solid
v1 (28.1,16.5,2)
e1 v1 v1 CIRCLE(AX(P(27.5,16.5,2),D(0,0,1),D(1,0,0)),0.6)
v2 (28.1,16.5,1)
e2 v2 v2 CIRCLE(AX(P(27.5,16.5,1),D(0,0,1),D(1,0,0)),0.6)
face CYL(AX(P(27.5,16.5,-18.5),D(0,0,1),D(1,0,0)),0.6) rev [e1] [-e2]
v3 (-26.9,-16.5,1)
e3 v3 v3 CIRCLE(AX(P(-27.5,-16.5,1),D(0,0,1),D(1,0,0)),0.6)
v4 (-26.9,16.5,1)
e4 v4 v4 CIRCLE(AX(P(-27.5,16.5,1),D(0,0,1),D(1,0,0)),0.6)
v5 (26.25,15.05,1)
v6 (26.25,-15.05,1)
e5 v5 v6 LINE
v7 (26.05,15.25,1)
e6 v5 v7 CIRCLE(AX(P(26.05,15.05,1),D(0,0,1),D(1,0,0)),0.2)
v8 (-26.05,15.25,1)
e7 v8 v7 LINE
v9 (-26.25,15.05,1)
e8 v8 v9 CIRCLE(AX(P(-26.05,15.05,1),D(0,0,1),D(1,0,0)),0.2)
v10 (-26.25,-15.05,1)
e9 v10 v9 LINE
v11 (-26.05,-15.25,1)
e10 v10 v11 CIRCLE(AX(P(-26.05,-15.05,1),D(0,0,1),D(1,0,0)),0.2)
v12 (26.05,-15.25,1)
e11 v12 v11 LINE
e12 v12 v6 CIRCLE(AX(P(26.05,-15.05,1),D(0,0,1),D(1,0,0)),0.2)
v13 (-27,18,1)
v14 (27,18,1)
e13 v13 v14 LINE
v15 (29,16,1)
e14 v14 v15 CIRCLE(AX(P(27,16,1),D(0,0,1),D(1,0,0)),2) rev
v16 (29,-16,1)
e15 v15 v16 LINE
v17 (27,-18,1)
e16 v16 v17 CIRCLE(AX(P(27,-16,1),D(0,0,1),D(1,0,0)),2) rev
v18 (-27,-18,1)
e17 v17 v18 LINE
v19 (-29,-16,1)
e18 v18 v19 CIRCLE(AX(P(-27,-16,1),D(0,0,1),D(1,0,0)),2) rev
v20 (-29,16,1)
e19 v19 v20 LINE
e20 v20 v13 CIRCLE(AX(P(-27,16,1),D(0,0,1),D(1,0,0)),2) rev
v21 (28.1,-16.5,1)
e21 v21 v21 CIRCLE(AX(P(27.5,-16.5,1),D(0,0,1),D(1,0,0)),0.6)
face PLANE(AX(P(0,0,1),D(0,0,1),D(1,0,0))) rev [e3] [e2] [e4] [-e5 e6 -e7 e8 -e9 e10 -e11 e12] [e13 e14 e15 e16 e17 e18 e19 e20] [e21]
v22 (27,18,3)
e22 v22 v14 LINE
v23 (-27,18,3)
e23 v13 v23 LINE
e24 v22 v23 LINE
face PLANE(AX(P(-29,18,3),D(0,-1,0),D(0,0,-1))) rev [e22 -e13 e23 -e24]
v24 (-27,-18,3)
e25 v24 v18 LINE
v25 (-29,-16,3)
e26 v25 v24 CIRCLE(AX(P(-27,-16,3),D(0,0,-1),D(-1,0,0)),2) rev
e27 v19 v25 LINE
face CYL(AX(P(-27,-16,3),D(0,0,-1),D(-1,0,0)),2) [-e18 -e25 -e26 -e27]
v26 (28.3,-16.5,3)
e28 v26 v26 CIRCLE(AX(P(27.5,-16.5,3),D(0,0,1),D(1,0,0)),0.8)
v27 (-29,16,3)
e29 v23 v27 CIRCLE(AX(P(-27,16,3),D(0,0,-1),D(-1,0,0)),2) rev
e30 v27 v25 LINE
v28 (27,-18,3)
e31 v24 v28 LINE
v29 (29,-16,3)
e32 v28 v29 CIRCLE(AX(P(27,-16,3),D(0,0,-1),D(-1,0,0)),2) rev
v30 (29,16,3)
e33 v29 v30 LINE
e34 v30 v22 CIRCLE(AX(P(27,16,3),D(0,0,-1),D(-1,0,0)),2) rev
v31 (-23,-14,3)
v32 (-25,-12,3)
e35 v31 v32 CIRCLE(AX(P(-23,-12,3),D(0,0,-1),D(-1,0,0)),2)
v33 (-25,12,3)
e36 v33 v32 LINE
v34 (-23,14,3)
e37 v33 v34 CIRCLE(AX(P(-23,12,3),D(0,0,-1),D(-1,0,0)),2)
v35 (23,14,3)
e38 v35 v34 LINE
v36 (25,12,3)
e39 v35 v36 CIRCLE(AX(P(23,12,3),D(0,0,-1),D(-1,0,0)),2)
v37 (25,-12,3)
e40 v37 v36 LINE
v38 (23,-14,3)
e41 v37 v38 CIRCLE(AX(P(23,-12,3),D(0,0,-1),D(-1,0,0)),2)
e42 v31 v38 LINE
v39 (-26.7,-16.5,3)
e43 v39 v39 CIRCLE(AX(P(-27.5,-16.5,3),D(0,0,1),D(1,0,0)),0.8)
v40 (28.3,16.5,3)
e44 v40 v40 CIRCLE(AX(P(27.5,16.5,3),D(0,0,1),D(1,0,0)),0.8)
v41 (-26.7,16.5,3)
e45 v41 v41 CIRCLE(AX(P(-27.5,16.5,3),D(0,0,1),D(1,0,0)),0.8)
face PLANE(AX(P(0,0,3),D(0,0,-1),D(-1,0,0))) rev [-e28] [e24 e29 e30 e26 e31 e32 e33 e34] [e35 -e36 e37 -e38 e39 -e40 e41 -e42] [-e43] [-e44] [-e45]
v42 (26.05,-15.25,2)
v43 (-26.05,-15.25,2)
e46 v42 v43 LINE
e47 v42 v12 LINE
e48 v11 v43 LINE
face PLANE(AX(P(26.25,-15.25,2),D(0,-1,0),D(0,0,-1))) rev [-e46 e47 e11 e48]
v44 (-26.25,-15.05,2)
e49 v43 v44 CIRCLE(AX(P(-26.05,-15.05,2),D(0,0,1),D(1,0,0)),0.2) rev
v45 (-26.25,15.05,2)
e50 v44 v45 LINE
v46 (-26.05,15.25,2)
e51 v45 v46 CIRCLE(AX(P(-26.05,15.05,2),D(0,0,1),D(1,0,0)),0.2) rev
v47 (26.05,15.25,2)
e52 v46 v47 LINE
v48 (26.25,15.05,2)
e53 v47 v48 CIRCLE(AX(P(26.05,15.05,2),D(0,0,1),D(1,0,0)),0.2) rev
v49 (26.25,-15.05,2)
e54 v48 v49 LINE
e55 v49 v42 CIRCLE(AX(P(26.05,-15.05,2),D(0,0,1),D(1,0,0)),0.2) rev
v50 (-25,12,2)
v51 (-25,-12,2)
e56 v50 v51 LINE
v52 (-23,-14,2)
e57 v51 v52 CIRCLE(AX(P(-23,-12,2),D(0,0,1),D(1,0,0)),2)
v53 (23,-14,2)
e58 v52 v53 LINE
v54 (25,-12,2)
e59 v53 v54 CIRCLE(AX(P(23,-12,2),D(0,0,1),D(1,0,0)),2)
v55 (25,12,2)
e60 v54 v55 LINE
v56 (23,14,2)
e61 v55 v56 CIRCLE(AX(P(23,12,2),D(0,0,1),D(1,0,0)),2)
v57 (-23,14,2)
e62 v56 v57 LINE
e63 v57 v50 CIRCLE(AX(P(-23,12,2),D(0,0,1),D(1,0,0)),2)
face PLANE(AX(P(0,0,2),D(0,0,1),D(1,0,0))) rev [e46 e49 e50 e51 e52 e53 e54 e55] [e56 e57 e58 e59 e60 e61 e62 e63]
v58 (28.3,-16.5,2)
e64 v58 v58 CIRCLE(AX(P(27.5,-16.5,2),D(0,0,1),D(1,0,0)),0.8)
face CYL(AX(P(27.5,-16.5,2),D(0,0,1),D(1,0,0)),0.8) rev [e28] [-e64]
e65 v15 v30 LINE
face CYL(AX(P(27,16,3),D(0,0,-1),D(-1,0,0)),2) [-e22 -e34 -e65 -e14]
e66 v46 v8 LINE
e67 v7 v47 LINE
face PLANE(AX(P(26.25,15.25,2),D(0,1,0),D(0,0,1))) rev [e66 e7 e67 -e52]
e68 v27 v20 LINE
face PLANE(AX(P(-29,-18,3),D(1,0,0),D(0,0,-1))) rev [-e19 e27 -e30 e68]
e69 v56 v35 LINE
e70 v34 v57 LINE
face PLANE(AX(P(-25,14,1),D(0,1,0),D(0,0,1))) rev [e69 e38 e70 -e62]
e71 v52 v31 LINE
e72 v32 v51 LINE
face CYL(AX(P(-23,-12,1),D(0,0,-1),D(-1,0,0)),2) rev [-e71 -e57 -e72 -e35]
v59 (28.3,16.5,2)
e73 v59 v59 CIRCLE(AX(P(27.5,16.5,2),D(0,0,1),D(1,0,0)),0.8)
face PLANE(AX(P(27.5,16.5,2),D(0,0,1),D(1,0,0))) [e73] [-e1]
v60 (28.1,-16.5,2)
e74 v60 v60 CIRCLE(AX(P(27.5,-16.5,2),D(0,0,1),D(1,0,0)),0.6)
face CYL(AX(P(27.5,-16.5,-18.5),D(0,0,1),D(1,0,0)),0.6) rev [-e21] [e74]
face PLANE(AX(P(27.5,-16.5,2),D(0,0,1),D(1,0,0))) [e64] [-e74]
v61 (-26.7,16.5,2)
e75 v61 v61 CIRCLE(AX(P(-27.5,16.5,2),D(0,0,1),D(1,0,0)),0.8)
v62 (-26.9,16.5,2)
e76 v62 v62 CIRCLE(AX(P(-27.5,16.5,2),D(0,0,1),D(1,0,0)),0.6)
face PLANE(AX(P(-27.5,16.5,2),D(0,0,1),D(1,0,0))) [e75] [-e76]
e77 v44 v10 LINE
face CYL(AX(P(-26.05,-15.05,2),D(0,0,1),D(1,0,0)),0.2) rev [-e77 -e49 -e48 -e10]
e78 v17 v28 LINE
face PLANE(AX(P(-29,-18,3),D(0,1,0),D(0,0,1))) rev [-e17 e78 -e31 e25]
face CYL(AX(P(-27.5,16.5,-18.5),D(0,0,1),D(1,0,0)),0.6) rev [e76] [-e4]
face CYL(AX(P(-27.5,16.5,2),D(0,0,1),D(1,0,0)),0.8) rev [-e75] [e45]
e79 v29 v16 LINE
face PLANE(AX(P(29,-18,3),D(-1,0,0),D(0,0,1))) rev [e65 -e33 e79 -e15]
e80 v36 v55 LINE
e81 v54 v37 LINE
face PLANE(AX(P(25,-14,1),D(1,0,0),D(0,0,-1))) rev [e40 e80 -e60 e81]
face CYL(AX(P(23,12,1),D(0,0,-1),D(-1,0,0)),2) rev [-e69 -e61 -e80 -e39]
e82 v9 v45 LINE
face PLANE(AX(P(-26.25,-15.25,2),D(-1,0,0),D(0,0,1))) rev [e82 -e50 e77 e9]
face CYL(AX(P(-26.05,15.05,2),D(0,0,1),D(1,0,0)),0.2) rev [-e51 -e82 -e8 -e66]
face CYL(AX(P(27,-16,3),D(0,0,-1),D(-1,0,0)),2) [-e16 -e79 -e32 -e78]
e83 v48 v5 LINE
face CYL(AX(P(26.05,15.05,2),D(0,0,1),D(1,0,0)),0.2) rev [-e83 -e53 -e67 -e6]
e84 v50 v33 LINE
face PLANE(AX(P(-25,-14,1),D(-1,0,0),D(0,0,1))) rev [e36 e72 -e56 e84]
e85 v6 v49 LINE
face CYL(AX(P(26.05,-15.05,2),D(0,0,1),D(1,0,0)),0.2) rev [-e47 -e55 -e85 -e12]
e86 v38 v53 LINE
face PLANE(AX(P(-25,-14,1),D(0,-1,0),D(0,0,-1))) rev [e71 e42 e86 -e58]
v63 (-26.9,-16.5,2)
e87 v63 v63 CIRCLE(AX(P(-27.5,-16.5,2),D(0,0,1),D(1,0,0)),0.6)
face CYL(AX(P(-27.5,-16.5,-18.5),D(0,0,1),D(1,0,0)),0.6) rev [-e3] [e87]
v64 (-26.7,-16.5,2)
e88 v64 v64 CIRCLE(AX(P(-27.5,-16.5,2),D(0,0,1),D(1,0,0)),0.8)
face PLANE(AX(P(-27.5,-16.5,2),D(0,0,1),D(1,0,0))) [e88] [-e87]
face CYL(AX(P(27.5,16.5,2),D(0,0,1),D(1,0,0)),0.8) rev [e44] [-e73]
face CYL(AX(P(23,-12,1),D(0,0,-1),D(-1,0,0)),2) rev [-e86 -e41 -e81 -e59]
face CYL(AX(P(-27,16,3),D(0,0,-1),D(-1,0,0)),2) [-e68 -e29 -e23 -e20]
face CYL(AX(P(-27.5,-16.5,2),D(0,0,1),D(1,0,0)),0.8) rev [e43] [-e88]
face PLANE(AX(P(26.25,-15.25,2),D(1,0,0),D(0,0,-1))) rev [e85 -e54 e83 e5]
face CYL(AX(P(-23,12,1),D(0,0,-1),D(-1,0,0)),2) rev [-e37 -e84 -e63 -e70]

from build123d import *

# Parameters (mm, degrees)
SKETCH_1_W          = 58
SKETCH_1_H          = 36
EXTRUDE_1_DEPTH     = 3
SKETCH_2_W          = 52.5
SKETCH_2_H          = 30.5
CUT_EXTRUDE_1_DEPTH = 2
SKETCH_3_W          = 50
SKETCH_3_H          = 28
CUT_EXTRUDE_2_DEPTH = 2
FILLET_1_R          = 2
SKETCH_4_W          = 58
SKETCH_4_H          = 36
CUT_EXTRUDE_3_DEPTH = 1
FILLET_2_R          = 0.2
SKETCH_5_R          = 0.8
CUT_EXTRUDE_4_DEPTH = 1
SKETCH_6_R          = 0.6
CUT_EXTRUDE_5_DEPTH = 20.5


with BuildPart() as part:
    # 草图1 → 凸台-拉伸1 (new body)
    with BuildSketch(Plane.XY):
        Rectangle(SKETCH_1_W, SKETCH_1_H)
    extrude(amount=EXTRUDE_1_DEPTH)

    # 草图2 → 切除-拉伸1 (cut)
    with BuildSketch(Plane(origin=(0, 0, 0), x_dir=(-1, 0, 0), z_dir=(0, 0, -1))):
        Rectangle(SKETCH_2_W, SKETCH_2_H)
    extrude(amount=-CUT_EXTRUDE_1_DEPTH, mode=Mode.SUBTRACT)

    # 草图3 → 切除-拉伸2 (cut)
    with BuildSketch(Plane.XY.offset(3)):
        Rectangle(SKETCH_3_W, SKETCH_3_H)
    extrude(amount=-CUT_EXTRUDE_2_DEPTH, mode=Mode.SUBTRACT)

    # 圆角1
    fillet_1_edges = [part.edges().sort_by_distance(p)[0] for p in [
        (25, 14, 2.5),
        (25, -14, 2.5),
        (-25, -14, 2.5),
        (-25, 14, 2.5),
        (29, -18, 1.5),
        (-29, -18, 1.5),
        (-29, 18, 1.5),
        (29, 18, 1.5),
    ]]
    fillet(fillet_1_edges, radius=FILLET_1_R)

    # 草图4 → 切除-拉伸3 (cut)
    with BuildSketch(Plane(origin=(0, 0, 0), x_dir=(-1, 0, 0), z_dir=(0, 0, -1))):
        Rectangle(SKETCH_4_W, SKETCH_4_H)
    extrude(amount=-CUT_EXTRUDE_3_DEPTH, mode=Mode.SUBTRACT)

    # 圆角2
    fillet_2_edges = [part.edges().sort_by_distance(p)[0] for p in [
        (-26.25, 15.25, 1.5),
        (-26.25, -15.25, 1.5),
        (26.25, -15.25, 1.5),
        (26.25, 15.25, 1.5),
    ]]
    fillet(fillet_2_edges, radius=FILLET_2_R)

    # 草图5 → 切除-拉伸4 (cut)
    with BuildSketch(Plane.XY.offset(3)):
        with Locations((-27.5, 16.5)):
            Circle(SKETCH_5_R)
        with Locations((27.5, 16.5)):
            Circle(SKETCH_5_R)
        with Locations((27.5, -16.5)):
            Circle(SKETCH_5_R)
        with Locations((-27.5, -16.5)):
            Circle(SKETCH_5_R)
    extrude(amount=-CUT_EXTRUDE_4_DEPTH, mode=Mode.SUBTRACT)

    # 草图6 → 切除-拉伸5 (cut)
    with BuildSketch(Plane.XY.offset(2)):
        with Locations((-27.5, 16.5)):
            Circle(SKETCH_6_R)
        with Locations((27.5, 16.5)):
            Circle(SKETCH_6_R)
        with Locations((27.5, -16.5)):
            Circle(SKETCH_6_R)
        with Locations((-27.5, -16.5)):
            Circle(SKETCH_6_R)
    extrude(amount=-CUT_EXTRUDE_5_DEPTH, mode=Mode.SUBTRACT)


solid = part.part
